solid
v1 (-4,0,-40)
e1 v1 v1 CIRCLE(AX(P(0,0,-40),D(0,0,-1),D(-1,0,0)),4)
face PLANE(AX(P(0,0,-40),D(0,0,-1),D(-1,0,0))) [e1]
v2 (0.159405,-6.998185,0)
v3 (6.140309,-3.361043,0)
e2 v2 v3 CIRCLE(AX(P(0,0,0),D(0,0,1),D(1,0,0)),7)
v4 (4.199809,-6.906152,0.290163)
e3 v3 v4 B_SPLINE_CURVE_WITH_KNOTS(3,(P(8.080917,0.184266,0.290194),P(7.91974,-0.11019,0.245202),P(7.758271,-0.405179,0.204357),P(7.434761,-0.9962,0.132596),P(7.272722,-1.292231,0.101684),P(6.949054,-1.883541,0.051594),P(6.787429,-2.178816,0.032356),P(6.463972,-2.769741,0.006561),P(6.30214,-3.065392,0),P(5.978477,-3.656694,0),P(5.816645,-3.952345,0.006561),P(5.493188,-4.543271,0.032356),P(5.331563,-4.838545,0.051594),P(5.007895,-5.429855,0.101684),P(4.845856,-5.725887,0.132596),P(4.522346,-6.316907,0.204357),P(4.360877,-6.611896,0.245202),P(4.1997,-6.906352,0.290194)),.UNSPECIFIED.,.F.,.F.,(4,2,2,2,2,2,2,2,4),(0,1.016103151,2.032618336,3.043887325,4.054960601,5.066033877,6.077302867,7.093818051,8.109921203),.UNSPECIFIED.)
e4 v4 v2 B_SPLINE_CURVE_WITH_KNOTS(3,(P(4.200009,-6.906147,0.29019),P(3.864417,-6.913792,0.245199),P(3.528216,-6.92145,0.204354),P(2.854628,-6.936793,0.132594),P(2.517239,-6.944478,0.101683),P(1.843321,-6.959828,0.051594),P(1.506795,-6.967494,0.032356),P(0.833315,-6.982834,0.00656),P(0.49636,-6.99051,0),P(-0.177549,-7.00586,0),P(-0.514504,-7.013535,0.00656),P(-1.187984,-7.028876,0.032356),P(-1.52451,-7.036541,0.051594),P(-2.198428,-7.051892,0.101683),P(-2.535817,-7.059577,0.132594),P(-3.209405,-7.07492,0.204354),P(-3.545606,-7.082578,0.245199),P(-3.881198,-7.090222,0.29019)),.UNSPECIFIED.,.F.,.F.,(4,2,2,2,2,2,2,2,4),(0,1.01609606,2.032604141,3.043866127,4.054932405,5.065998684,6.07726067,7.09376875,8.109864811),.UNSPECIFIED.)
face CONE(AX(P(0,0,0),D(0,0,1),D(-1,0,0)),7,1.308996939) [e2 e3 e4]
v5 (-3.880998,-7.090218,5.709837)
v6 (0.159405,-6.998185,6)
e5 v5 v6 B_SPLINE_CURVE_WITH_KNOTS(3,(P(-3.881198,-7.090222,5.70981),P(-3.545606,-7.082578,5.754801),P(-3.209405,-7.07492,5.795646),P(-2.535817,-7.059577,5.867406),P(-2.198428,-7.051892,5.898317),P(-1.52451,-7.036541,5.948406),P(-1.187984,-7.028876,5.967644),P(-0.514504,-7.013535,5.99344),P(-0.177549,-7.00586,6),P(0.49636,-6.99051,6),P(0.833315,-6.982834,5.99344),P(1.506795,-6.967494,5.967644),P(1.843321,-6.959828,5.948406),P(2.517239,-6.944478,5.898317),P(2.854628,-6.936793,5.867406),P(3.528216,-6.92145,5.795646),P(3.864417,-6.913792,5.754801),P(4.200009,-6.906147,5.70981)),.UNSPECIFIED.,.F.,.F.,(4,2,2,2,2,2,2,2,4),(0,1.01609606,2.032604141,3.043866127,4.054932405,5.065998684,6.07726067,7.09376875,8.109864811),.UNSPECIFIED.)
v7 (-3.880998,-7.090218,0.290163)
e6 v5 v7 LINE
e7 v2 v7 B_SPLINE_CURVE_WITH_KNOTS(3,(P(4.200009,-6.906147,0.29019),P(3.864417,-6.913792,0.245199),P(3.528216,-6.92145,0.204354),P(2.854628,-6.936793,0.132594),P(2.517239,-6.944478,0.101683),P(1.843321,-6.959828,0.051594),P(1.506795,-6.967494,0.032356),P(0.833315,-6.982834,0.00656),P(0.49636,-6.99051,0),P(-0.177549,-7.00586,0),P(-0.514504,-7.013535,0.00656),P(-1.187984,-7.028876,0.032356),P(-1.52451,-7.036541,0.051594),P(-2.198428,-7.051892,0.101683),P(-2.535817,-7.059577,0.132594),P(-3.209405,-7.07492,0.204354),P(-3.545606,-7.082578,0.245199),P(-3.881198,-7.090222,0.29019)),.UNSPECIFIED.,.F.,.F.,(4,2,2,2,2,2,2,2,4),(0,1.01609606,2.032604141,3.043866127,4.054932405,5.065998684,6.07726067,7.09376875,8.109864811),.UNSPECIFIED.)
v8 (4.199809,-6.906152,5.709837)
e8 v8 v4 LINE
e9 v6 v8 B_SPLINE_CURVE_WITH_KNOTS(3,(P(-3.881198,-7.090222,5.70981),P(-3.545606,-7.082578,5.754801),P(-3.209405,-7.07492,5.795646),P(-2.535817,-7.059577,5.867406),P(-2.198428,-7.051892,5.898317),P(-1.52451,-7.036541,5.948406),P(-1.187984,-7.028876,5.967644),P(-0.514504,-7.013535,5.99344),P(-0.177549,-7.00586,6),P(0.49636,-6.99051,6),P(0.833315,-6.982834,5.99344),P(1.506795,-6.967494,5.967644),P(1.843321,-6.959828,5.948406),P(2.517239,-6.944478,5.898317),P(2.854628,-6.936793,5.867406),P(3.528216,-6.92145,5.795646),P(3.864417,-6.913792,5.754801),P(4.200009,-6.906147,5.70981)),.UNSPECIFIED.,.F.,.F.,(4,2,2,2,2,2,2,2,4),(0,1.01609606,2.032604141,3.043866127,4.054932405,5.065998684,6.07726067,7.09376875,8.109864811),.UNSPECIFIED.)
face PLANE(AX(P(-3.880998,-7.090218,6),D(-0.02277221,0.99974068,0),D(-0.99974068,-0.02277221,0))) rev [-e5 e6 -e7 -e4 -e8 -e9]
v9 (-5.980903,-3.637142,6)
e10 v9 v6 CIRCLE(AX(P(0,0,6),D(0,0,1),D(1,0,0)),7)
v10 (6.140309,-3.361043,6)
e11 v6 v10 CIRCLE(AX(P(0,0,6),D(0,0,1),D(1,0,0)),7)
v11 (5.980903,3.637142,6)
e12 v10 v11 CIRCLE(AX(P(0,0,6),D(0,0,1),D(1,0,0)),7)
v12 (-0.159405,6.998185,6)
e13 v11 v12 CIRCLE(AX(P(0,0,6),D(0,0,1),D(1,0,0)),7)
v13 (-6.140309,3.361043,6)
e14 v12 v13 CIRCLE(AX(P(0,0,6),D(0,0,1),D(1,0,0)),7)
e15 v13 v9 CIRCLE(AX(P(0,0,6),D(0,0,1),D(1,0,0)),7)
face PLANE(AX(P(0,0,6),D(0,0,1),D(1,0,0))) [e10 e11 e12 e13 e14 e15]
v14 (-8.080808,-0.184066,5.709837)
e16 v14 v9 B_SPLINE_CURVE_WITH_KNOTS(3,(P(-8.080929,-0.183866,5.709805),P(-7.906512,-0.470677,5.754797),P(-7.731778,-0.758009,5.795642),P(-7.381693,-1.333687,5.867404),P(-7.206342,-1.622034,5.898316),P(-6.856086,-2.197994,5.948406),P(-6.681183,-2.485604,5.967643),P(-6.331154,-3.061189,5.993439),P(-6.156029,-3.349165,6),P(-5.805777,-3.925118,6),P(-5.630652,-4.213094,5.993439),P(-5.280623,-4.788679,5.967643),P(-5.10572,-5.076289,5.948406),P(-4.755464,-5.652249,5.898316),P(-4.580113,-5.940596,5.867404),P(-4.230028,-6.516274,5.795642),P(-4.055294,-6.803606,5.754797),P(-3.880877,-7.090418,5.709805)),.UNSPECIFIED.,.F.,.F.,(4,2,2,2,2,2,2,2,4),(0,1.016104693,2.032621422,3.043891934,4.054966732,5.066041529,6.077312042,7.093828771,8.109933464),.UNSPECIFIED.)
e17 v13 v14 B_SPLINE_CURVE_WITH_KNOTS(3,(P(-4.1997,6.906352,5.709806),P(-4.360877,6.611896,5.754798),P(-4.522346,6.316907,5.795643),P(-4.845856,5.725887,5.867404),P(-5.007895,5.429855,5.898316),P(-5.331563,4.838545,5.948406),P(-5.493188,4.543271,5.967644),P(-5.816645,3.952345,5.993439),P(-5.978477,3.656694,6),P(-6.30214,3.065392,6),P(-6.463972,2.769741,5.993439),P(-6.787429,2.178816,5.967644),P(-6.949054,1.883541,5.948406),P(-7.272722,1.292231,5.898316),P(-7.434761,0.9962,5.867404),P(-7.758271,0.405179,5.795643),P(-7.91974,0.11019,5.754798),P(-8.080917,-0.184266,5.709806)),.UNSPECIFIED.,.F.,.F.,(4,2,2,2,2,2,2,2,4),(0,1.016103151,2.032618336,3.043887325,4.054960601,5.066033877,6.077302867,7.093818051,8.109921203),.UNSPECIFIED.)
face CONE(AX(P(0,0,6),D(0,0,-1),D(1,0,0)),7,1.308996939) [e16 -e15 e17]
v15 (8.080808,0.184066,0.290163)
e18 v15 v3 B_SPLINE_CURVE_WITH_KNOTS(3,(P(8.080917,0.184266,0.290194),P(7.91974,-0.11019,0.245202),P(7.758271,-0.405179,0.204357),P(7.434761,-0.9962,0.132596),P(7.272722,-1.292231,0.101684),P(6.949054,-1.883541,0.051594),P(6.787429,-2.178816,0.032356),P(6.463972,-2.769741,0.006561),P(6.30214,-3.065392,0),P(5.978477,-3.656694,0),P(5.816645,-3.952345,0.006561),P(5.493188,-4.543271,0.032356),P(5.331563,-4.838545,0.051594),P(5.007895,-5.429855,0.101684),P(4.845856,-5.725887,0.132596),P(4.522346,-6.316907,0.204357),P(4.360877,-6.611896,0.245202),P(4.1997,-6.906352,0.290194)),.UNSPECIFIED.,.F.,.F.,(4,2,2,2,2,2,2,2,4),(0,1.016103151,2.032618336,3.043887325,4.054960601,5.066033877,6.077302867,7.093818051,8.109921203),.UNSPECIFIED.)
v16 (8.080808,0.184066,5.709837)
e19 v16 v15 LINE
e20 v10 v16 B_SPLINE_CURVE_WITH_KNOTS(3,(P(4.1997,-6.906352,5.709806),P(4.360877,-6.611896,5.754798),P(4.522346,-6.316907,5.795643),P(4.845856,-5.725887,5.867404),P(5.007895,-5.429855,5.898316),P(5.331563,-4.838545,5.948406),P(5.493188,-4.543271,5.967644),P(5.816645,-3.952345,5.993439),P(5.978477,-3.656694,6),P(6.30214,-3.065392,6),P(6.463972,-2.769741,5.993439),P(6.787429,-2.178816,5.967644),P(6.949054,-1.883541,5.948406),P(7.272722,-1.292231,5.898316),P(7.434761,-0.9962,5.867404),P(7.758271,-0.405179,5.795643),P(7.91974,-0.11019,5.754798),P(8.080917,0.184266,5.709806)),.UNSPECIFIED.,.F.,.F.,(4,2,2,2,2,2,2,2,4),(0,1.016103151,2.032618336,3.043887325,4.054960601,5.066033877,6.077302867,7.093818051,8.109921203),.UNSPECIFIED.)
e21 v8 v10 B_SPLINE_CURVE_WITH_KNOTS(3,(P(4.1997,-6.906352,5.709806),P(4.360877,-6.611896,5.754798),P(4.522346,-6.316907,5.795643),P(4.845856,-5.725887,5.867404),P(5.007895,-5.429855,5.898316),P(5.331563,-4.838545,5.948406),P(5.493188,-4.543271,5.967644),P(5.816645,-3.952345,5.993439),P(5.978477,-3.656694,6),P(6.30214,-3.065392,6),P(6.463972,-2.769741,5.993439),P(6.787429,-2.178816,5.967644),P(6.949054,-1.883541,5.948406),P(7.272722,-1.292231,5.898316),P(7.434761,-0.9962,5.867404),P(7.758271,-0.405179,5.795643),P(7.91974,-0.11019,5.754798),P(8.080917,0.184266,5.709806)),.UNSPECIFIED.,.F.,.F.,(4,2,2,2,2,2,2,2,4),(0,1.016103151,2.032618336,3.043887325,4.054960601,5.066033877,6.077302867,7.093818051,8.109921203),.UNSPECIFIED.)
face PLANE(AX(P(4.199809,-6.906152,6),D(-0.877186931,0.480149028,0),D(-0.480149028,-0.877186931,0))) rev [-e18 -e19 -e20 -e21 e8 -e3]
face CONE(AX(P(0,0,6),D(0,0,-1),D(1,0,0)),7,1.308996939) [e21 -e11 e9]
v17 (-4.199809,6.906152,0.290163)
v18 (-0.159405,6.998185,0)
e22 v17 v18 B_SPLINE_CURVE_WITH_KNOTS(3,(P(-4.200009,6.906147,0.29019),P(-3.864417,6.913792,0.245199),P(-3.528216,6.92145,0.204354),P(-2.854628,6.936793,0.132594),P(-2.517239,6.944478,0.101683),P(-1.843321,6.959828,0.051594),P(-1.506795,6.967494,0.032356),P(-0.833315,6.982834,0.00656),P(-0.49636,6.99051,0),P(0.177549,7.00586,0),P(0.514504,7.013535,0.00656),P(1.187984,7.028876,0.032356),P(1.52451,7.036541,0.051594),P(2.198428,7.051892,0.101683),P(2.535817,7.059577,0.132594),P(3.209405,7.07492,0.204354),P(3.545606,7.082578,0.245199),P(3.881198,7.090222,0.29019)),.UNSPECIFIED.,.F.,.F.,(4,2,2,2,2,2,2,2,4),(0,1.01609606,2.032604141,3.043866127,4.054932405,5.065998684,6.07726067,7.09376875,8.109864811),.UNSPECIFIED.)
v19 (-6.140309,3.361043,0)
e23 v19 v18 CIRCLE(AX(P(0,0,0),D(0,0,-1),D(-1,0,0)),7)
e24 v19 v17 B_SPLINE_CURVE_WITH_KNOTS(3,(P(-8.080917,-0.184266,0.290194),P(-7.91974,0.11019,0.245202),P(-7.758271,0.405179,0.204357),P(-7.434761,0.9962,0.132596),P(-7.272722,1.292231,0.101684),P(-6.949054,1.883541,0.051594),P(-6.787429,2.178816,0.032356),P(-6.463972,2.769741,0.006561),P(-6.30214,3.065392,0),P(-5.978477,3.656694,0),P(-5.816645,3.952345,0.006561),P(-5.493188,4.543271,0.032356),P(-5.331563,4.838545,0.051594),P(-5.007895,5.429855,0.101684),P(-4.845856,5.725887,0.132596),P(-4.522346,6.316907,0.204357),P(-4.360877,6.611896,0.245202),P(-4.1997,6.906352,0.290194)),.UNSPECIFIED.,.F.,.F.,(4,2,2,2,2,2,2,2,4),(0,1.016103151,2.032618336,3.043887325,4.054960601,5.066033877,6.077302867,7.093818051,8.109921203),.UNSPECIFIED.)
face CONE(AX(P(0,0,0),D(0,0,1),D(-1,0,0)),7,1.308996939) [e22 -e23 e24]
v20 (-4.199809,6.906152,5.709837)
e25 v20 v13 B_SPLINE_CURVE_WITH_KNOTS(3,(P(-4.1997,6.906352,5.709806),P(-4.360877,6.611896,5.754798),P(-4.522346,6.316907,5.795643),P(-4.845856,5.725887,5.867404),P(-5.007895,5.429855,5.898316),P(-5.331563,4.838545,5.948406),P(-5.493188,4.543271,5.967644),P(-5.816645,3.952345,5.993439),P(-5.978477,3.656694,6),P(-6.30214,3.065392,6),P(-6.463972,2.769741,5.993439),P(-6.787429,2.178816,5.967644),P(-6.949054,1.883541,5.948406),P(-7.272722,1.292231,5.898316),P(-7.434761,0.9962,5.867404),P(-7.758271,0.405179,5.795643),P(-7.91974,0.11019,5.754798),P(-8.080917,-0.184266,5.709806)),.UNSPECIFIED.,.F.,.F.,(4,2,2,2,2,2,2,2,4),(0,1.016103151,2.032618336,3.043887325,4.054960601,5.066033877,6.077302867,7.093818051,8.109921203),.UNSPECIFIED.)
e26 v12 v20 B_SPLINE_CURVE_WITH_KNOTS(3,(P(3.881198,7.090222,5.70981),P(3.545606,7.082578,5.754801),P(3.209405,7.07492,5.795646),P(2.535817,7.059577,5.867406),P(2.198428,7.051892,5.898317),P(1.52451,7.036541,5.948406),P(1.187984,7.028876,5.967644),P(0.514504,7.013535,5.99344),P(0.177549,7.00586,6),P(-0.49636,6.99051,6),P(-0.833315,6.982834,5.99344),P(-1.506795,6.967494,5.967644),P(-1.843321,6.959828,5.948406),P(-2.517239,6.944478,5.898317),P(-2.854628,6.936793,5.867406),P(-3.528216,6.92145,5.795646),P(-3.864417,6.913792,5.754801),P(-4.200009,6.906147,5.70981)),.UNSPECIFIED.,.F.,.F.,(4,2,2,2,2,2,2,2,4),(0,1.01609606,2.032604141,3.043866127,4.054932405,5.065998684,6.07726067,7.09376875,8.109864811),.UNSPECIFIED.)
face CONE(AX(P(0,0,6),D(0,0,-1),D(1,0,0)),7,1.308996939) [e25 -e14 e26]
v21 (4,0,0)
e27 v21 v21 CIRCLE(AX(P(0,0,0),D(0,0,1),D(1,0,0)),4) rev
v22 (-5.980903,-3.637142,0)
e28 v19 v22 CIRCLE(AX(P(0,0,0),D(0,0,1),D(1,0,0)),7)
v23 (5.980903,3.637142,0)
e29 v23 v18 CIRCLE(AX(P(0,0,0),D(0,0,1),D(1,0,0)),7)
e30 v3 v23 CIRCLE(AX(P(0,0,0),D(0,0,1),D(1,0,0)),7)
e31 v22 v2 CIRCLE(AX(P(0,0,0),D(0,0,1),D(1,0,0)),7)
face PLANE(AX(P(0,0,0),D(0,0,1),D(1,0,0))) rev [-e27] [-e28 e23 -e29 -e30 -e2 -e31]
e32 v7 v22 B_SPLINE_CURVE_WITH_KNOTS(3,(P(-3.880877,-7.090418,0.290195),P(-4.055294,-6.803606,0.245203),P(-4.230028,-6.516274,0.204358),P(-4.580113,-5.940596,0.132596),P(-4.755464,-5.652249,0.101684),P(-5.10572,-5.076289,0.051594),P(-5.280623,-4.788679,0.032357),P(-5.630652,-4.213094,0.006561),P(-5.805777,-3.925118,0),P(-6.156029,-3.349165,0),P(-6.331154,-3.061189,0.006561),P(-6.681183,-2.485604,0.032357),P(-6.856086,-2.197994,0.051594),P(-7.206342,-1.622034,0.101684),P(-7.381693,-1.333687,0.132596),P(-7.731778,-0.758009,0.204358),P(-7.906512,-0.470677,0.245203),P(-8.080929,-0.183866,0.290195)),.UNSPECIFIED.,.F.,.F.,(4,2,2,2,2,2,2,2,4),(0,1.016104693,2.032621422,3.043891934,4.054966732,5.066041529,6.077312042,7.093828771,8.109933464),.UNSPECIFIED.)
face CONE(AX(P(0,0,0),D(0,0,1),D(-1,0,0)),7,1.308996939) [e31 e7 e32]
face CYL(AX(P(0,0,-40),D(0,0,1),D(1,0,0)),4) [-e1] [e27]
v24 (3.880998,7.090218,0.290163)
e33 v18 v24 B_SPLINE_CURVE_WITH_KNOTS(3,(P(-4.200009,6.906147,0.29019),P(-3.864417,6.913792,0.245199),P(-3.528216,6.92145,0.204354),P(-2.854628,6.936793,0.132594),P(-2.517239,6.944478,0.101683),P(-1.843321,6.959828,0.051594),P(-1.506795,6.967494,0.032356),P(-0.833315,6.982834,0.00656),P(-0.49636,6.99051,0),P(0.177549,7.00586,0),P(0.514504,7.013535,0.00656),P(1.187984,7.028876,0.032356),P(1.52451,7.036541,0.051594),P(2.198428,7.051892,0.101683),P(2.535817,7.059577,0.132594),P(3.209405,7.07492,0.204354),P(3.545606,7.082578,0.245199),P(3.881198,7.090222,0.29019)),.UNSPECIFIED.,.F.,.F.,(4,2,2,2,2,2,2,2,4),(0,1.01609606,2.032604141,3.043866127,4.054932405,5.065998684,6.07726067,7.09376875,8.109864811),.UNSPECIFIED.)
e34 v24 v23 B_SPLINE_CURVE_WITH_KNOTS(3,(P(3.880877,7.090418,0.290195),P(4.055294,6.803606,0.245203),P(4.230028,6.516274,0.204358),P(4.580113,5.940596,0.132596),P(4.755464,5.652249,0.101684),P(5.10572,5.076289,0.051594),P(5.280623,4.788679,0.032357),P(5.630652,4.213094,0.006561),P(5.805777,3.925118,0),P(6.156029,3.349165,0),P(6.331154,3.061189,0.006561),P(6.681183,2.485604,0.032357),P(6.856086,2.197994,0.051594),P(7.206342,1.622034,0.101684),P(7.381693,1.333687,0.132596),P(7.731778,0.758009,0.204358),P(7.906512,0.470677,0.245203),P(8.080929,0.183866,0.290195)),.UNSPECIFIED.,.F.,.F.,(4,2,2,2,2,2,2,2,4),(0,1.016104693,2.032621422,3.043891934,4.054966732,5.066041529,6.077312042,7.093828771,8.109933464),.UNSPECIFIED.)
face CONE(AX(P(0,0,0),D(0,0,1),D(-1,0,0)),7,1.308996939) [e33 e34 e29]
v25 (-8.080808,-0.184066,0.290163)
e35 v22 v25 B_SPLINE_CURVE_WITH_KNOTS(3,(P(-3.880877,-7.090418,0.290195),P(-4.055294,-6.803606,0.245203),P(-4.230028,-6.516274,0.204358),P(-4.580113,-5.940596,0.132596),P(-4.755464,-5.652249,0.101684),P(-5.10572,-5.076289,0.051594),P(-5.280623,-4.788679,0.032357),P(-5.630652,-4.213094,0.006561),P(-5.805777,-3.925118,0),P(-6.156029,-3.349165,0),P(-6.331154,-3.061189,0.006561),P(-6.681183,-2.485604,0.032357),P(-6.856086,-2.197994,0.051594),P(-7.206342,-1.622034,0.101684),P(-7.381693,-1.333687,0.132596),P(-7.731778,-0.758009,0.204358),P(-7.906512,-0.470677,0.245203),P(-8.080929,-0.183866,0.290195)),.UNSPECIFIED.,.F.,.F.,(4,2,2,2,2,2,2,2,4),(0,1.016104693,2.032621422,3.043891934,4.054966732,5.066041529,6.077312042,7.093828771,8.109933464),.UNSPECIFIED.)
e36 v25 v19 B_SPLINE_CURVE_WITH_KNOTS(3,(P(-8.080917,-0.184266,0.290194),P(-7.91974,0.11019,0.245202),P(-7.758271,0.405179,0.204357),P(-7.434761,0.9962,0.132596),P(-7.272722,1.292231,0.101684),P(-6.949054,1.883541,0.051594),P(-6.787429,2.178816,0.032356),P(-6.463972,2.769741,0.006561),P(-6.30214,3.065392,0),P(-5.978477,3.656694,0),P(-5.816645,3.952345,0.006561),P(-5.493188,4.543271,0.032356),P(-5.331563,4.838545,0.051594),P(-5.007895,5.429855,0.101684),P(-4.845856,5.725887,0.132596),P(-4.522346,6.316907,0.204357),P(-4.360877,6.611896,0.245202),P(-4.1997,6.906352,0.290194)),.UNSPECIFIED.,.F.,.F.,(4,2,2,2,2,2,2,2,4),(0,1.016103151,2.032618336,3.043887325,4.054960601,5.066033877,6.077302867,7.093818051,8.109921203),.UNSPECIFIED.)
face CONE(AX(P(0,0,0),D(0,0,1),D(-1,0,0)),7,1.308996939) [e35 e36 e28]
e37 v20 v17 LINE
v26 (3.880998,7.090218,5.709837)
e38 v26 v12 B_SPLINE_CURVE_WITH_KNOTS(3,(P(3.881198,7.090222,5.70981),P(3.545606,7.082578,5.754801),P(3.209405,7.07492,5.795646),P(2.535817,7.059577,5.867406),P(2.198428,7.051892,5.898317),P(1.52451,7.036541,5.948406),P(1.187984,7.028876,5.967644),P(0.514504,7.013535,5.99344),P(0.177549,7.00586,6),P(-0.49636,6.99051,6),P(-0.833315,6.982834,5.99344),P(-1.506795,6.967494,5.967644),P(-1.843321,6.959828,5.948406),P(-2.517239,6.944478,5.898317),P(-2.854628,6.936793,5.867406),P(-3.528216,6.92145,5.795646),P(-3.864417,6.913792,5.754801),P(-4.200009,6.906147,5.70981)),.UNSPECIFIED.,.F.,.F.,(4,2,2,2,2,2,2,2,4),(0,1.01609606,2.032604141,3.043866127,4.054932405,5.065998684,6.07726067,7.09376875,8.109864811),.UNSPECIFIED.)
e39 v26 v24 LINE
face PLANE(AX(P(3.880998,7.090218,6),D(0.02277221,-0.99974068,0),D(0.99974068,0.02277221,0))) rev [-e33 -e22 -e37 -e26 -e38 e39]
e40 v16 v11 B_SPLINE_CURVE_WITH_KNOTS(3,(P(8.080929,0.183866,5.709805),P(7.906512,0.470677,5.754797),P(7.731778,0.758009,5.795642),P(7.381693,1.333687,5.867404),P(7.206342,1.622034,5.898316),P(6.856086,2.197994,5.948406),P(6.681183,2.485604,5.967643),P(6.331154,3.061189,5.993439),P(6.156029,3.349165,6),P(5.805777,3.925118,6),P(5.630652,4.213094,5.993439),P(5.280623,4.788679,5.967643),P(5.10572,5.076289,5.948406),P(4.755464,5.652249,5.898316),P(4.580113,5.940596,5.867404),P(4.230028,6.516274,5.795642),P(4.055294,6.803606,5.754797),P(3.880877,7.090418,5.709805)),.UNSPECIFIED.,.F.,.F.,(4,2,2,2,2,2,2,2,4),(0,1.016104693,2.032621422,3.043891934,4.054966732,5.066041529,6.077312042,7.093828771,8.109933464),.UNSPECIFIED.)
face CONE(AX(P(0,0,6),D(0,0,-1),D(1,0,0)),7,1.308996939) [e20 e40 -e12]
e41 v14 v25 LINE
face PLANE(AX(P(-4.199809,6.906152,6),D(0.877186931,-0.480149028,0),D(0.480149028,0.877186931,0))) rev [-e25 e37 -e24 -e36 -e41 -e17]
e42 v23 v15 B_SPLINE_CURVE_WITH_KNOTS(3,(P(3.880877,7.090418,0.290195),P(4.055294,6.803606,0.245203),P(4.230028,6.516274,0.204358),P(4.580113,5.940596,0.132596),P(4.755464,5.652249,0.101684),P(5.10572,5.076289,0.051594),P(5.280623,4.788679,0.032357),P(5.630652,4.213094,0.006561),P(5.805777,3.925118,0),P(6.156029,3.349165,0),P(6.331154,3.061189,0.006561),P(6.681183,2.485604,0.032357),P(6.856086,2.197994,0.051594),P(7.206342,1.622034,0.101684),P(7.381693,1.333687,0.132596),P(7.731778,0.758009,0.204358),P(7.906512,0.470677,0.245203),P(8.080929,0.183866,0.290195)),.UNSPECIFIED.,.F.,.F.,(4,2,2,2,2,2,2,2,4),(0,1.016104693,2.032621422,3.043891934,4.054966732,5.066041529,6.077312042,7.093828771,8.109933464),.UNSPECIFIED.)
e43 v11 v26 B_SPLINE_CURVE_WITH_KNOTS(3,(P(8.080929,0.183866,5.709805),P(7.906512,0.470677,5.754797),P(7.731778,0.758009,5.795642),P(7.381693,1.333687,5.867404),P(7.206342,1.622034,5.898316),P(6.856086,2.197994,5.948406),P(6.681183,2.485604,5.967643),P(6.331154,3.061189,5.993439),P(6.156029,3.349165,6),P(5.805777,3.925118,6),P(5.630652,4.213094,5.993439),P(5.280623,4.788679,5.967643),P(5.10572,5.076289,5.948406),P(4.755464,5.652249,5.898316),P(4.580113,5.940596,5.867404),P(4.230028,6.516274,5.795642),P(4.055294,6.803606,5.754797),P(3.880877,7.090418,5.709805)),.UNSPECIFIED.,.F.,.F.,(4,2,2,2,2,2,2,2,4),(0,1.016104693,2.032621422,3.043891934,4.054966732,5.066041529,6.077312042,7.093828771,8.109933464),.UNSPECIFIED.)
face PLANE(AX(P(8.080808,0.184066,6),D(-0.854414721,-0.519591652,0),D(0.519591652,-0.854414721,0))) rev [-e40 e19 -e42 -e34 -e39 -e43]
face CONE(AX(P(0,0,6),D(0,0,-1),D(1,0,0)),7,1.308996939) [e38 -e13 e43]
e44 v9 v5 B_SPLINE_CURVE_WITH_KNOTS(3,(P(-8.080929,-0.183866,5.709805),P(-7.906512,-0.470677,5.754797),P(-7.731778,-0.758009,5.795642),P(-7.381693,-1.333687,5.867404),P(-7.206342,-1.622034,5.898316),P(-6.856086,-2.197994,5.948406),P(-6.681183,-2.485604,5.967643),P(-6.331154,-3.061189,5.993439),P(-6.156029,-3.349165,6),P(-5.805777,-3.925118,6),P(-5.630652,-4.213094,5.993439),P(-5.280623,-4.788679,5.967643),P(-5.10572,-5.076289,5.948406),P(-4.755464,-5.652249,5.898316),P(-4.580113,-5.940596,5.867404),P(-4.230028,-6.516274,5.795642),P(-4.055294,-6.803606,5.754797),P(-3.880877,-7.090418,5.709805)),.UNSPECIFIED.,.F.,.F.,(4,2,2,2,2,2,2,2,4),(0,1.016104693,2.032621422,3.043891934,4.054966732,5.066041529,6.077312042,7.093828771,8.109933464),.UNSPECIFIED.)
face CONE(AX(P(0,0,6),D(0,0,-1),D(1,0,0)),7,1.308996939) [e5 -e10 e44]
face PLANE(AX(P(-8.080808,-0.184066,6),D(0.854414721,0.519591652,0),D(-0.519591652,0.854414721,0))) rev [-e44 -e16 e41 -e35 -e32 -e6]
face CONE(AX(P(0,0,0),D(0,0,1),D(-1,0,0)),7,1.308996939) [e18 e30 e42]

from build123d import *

# Parameters (mm, degrees)
RESSALTO_EXTRUS_O1_DEPTH = 6
ESBO_O2_OUTSIDE_W        = 119.66
ESBO_O2_OUTSIDE_H        = 117.678
ESBO_O2_OUTSIDE_R        = 7
CORTE_EXTRUS_O1_DEPTH    = 13
CORTE_EXTRUS_O1_DRAFT    = -75
ESBO_O9_OUTSIDE_W        = 119.66
ESBO_O9_OUTSIDE_H        = 117.678
ESBO_O9_OUTSIDE_R        = 7
CORTE_EXTRUS_O6_DEPTH    = 13
CORTE_EXTRUS_O6_DRAFT    = -75
ESBO_O10_R               = 4
RESSALTO_EXTRUS_O2_DEPTH = 40


with BuildPart() as part:
    # Esboço1 → Ressalto-extrusão1 (new body)
    with BuildSketch(Plane.XY):
        Polygon((3.880998386, 7.090217547), (-4.199809321, 6.906151968), (-8.080807707, -0.184065579), (-3.880998386, -7.090217547), (4.199809321, -6.906151968), (8.080807707, 0.184065579), align=None)
    extrude(amount=RESSALTO_EXTRUS_O1_DEPTH)


with BuildPart() as corte_extrus_o1_tool:
    # Esboço2 outside → Corte-extrusão1 (with draft: the straight prism first)
    with BuildSketch(Plane.XY.offset(6)):
        Rectangle(ESBO_O2_OUTSIDE_W, ESBO_O2_OUTSIDE_H)
        Circle(ESBO_O2_OUTSIDE_R, mode=Mode.SUBTRACT)
    extrude(amount=-CORTE_EXTRUS_O1_DEPTH)
    # Corte-extrusão1: the draft: its side faces are tilted about the plane it starts from
    corte_extrus_o1_sides = [corte_extrus_o1_tool.faces().sort_by_distance(p)[0] for p in [
        (0, -58.839, -0.5),
        (59.83, 0, -0.5),
        (0, 58.839, -0.5),
        (-59.83, 0, -0.5),
        (-7, 0, -0.5),
    ]]
    draft(corte_extrus_o1_sides, Plane.XY.offset(6), CORTE_EXTRUS_O1_DRAFT)


with BuildPart() as part_1:
    add(part.part)

    # Corte-extrusão1: cut by corte_extrus_o1_tool
    add(corte_extrus_o1_tool.part, mode=Mode.SUBTRACT)


with BuildPart() as corte_extrus_o6_tool:
    # Esboço9 outside → Corte-extrusão6 (with draft: the straight prism first)
    with BuildSketch(Plane(origin=(0, 0, 0), x_dir=(-1, 0, 0), z_dir=(0, 0, -1))):
        Rectangle(ESBO_O9_OUTSIDE_W, ESBO_O9_OUTSIDE_H)
        Circle(ESBO_O9_OUTSIDE_R, mode=Mode.SUBTRACT)
    extrude(amount=-CORTE_EXTRUS_O6_DEPTH)
    # Corte-extrusão6: the draft: its side faces are tilted about the plane it starts from
    corte_extrus_o6_sides = [corte_extrus_o6_tool.faces().sort_by_distance(p)[0] for p in [
        (0, -58.839, 6.5),
        (-59.83, 0, 6.5),
        (0, 58.839, 6.5),
        (59.83, 0, 6.5),
        (7, 0, 6.5),
    ]]
    draft(corte_extrus_o6_sides, Plane(origin=(0, 0, 0), x_dir=(-1, 0, 0), z_dir=(0, 0, -1)), CORTE_EXTRUS_O6_DRAFT)


with BuildPart() as part_2:
    add(part_1.part)

    # Corte-extrusão6: cut by corte_extrus_o6_tool
    add(corte_extrus_o6_tool.part, mode=Mode.SUBTRACT)

    # Esboço10 → Ressalto-extrusão2 (add)
    with BuildSketch(Plane(origin=(0, 0, 0), x_dir=(-1, 0, 0), z_dir=(0, 0, -1))):
        with Locations(Location((0, 0, 0), (0, 0, 180))):
            Circle(ESBO_O10_R)
    extrude(amount=RESSALTO_EXTRUS_O2_DEPTH)


solid = part_2.part
